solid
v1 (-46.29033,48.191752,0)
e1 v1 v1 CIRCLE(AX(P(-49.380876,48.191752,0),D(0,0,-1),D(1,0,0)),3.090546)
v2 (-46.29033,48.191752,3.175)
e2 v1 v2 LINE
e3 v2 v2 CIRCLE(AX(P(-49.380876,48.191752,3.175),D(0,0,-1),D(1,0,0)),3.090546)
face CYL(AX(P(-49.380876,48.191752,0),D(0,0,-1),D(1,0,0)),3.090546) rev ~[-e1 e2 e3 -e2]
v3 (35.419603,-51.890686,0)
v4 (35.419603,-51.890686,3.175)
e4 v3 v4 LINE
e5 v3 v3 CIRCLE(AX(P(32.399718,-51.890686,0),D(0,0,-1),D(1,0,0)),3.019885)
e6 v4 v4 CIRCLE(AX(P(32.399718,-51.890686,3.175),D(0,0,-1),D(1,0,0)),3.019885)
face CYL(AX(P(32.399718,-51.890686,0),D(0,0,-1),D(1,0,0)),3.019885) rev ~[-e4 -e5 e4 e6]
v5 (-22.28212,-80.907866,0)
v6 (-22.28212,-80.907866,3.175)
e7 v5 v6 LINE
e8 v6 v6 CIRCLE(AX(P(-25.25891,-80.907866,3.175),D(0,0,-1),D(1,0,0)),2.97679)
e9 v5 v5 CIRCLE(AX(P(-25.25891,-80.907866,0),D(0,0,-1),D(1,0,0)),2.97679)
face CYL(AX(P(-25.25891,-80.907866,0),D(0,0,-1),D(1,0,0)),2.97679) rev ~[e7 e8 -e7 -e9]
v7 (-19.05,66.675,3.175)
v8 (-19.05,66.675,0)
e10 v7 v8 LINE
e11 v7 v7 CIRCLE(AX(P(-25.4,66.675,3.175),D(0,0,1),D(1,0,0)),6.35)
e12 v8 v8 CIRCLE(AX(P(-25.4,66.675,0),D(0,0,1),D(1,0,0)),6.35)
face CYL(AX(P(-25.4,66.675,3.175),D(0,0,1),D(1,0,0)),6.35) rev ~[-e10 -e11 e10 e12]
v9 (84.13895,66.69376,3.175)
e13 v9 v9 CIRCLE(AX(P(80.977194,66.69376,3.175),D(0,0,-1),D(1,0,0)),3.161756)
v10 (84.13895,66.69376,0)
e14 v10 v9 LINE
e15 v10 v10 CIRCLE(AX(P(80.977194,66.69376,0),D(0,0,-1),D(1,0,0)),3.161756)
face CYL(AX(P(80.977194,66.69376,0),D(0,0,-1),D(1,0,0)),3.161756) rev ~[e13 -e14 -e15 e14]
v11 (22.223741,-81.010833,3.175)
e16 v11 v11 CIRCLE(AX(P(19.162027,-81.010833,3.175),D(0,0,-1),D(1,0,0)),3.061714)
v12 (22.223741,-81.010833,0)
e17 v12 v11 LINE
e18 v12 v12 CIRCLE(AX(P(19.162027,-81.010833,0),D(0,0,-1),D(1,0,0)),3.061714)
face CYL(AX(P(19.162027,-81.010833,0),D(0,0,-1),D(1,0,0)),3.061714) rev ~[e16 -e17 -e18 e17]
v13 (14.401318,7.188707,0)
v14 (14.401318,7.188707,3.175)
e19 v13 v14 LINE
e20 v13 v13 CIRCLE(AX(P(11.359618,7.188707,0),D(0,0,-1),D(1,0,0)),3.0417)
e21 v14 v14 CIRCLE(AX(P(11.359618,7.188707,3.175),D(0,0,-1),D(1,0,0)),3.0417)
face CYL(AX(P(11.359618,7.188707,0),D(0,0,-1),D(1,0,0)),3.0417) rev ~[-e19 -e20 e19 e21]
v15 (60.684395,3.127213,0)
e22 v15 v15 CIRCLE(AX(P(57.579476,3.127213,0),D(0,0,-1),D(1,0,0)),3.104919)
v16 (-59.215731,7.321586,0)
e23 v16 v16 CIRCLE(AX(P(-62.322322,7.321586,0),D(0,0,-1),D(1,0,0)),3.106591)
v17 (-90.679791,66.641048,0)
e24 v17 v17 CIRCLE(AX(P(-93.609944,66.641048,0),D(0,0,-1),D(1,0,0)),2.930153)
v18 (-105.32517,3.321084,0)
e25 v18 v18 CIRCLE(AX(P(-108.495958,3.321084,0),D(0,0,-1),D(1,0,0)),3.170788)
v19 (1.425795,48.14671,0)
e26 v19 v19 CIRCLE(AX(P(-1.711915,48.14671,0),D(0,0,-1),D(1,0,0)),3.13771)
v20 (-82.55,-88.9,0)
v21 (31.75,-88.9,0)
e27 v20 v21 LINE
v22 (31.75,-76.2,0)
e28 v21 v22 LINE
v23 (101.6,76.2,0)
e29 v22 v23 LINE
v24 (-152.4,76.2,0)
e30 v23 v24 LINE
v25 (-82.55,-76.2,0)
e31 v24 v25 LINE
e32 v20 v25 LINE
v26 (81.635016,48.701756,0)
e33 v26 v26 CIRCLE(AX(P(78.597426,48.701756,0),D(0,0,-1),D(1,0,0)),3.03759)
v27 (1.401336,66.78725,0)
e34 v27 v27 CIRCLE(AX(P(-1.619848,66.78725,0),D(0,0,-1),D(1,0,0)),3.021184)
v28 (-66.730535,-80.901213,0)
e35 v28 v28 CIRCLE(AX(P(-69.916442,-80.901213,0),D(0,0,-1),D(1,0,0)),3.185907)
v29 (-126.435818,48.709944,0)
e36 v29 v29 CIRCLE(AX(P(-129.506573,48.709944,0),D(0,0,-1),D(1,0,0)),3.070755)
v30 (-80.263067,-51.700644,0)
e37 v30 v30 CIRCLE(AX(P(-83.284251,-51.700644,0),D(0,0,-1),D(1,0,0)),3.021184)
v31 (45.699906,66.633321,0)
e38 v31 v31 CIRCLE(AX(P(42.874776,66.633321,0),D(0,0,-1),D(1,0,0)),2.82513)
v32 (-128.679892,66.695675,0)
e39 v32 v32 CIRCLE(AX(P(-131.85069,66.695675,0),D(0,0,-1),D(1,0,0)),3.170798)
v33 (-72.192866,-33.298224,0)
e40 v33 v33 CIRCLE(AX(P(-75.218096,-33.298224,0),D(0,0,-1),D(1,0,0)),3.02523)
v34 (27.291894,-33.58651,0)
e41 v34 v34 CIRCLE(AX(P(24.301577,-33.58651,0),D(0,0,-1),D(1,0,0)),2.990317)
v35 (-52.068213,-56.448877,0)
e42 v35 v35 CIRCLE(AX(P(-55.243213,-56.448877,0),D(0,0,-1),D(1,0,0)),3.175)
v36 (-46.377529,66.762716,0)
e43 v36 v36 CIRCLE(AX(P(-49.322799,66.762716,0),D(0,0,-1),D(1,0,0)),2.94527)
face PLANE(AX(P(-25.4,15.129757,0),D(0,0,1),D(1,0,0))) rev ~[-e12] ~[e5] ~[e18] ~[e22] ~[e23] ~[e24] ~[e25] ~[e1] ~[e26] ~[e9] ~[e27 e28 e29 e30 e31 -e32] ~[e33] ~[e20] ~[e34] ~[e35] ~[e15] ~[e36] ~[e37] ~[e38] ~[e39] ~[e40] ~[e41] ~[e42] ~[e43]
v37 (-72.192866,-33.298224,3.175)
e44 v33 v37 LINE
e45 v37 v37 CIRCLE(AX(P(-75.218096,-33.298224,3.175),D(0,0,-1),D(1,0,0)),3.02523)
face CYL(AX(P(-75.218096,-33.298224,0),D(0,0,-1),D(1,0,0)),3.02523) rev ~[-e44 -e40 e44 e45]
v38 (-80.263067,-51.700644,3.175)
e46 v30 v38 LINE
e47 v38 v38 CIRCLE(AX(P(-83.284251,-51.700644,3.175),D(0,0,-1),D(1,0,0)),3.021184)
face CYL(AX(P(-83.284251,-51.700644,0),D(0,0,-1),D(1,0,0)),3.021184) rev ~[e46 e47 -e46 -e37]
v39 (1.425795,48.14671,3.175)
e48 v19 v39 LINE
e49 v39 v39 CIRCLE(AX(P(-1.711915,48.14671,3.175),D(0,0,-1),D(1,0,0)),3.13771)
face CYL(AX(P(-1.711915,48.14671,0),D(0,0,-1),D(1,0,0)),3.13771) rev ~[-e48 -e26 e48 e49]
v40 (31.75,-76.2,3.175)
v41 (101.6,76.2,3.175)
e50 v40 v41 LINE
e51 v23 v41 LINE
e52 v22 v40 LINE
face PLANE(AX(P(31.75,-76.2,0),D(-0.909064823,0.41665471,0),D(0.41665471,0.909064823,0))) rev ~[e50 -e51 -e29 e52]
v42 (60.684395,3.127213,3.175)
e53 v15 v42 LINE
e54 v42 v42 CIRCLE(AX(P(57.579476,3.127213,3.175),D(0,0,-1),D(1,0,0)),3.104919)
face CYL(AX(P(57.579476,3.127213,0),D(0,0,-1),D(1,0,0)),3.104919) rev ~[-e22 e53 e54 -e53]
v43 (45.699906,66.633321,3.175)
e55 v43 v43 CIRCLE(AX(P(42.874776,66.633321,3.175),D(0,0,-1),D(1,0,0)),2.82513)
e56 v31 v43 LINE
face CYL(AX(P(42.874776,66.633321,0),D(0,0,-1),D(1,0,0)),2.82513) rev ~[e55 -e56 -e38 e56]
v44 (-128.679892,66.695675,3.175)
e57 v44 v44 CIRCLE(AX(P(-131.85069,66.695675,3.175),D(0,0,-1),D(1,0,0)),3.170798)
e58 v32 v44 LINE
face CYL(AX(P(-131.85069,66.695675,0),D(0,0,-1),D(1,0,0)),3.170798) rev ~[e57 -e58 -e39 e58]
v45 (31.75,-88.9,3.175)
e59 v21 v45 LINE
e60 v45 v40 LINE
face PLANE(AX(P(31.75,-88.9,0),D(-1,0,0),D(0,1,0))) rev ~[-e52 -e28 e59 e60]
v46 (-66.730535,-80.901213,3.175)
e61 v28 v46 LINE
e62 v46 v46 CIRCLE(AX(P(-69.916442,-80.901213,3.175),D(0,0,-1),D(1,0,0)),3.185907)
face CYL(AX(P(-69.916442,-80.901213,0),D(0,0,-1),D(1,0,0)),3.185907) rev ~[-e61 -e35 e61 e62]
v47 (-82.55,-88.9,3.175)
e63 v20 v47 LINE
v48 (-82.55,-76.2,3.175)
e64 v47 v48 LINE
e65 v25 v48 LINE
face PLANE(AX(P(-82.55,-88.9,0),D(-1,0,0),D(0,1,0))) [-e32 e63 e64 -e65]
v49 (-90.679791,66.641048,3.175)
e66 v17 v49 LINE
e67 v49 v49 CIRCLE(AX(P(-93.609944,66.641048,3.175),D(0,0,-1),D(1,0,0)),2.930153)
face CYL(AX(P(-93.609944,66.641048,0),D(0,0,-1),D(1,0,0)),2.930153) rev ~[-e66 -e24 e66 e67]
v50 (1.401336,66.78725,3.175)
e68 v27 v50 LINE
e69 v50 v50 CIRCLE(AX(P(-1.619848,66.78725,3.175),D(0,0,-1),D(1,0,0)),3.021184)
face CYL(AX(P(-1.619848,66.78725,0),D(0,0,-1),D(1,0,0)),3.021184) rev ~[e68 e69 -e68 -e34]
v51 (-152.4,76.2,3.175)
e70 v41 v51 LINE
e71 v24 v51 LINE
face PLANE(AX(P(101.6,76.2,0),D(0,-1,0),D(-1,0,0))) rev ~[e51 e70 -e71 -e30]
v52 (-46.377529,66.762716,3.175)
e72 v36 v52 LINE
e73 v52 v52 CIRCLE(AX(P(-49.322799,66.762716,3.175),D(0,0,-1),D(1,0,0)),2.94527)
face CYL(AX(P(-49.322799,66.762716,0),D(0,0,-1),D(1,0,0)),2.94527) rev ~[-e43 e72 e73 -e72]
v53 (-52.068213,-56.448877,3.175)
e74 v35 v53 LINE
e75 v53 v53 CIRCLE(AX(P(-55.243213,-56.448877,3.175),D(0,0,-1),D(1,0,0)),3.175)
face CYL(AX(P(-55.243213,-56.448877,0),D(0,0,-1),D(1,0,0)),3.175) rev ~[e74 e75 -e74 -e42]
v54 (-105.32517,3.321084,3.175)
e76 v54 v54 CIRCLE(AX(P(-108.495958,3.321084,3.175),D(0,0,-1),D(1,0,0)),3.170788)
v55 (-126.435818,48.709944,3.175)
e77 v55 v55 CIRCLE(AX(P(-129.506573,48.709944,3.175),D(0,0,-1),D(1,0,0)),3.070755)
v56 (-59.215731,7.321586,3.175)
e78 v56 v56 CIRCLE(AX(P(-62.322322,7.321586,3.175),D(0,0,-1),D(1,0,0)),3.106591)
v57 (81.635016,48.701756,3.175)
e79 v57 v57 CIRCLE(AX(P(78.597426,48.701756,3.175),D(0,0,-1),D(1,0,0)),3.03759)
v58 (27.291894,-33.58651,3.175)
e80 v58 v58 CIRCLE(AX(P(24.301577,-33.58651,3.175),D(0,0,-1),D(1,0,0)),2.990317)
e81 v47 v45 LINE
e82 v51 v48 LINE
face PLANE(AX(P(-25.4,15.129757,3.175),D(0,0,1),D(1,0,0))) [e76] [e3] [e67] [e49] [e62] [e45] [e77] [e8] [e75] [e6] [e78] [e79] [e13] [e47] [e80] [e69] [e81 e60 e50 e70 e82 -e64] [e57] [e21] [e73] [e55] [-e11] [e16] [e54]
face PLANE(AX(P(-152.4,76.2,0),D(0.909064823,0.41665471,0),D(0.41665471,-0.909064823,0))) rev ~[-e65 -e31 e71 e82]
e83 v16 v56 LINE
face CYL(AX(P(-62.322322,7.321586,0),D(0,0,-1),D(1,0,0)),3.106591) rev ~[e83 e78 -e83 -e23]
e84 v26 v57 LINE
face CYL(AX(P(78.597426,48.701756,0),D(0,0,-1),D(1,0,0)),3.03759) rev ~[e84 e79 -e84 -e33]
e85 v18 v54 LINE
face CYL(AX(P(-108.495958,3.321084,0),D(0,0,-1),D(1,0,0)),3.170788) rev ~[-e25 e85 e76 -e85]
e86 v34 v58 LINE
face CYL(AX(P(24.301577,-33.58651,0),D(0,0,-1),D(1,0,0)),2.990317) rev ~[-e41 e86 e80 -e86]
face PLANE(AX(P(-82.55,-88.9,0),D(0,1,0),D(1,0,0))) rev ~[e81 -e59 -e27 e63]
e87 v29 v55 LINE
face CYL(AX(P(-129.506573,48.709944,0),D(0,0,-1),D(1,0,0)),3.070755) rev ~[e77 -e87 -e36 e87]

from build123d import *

# Parameters (mm, degrees)
F0_W     = 114.3
F0_H     = 12.7
F1_DEPTH = 3.175
F2_R     = 6.35
F3_DEPTH = 25.4
F4_R     = 3.021184
F4_R_2   = 3.02523
F4_R_3   = 3.170788
F4_R_4   = 3.070755
F4_R_5   = 3.170798
F4_R_6   = 2.930153
F4_R_7   = 2.94527
F4_R_8   = 3.090546
F4_R_9   = 3.106591
F4_R_10  = 2.82513
F4_R_11  = 3.161756
F4_R_12  = 3.03759
F4_R_13  = 3.13771
F4_R_14  = 3.0417
F4_R_15  = 3.104919
F4_R_16  = 2.990317
F4_R_17  = 3.019885
F5_DEPTH = 25.4
F6_R     = 3.185907
F6_R_2   = 2.97679
F6_R_3   = 3.061714
F7_DEPTH = 25.4
F8_R     = 3.175
F9_DEPTH = 25.4


with BuildPart() as f1:
    # F0 (on Top) → F1 (new body)
    with BuildSketch(Plane.XY):
        Polygon((31.75, -76.2), (101.6, 76.2), (-152.4, 76.2), (-82.55, -76.2), align=None)
        with Locations((-25.4, -82.55)):
            Rectangle(F0_W, F0_H)
    extrude(amount=F1_DEPTH)

    # F2 (on face) → F3 (cut)
    with BuildSketch(Plane.XY.offset(3.175)):
        with Locations((-25.4, 66.675)):
            Circle(F2_R)
    extrude(amount=-F3_DEPTH, mode=Mode.SUBTRACT)

    # F4 (on face) → F5 (cut)
    with BuildSketch(Plane(origin=(0, 0, 0), x_dir=(1, 0, 0), z_dir=(0, 0, -1))):
        with Locations((-83.284251, 51.700644)):
            Circle(F4_R)
        with Locations((-75.218096, 33.298224)):
            Circle(F4_R_2)
        with Locations((-108.495958, -3.321084)):
            Circle(F4_R_3)
        with Locations((-129.506573, -48.709944)):
            Circle(F4_R_4)
        with Locations((-131.85069, -66.695675)):
            Circle(F4_R_5)
        with Locations((-93.609944, -66.641048)):
            Circle(F4_R_6)
        with Locations((-49.322799, -66.762716)):
            Circle(F4_R_7)
        with Locations((-49.380876, -48.191752)):
            Circle(F4_R_8)
        with Locations((-62.322322, -7.321586)):
            Circle(F4_R_9)
        with Locations((-1.619848, -66.78725)):
            Circle(F4_R)
        with Locations((42.874776, -66.633321)):
            Circle(F4_R_10)
        with Locations((80.977194, -66.69376)):
            Circle(F4_R_11)
        with Locations((78.597426, -48.701756)):
            Circle(F4_R_12)
        with Locations((-1.711915, -48.14671)):
            Circle(F4_R_13)
        with Locations((11.359618, -7.188707)):
            Circle(F4_R_14)
        with Locations((57.579476, -3.127213)):
            Circle(F4_R_15)
        with Locations((24.301577, 33.58651)):
            Circle(F4_R_16)
        with Locations((32.399718, 51.890686)):
            Circle(F4_R_17)
    extrude(amount=-F5_DEPTH, mode=Mode.SUBTRACT)

    # F6 (on face) → F7 (cut)
    with BuildSketch(Plane(origin=(0, 0, 0), x_dir=(1, 0, 0), z_dir=(0, 0, -1))):
        with Locations((-69.916442, 80.901213)):
            Circle(F6_R)
        with Locations((-25.25891, 80.907866)):
            Circle(F6_R_2)
        with Locations((19.162027, 81.010833)):
            Circle(F6_R_3)
    extrude(amount=-F7_DEPTH, mode=Mode.SUBTRACT)

    # F8 (on face) → F9 (cut)
    with BuildSketch(Plane(origin=(0, 0, 0), x_dir=(1, 0, 0), z_dir=(0, 0, -1))):
        with Locations((-55.243213, 56.448877)):
            Circle(F8_R)
    extrude(amount=-F9_DEPTH, mode=Mode.SUBTRACT)


solid = f1.part
